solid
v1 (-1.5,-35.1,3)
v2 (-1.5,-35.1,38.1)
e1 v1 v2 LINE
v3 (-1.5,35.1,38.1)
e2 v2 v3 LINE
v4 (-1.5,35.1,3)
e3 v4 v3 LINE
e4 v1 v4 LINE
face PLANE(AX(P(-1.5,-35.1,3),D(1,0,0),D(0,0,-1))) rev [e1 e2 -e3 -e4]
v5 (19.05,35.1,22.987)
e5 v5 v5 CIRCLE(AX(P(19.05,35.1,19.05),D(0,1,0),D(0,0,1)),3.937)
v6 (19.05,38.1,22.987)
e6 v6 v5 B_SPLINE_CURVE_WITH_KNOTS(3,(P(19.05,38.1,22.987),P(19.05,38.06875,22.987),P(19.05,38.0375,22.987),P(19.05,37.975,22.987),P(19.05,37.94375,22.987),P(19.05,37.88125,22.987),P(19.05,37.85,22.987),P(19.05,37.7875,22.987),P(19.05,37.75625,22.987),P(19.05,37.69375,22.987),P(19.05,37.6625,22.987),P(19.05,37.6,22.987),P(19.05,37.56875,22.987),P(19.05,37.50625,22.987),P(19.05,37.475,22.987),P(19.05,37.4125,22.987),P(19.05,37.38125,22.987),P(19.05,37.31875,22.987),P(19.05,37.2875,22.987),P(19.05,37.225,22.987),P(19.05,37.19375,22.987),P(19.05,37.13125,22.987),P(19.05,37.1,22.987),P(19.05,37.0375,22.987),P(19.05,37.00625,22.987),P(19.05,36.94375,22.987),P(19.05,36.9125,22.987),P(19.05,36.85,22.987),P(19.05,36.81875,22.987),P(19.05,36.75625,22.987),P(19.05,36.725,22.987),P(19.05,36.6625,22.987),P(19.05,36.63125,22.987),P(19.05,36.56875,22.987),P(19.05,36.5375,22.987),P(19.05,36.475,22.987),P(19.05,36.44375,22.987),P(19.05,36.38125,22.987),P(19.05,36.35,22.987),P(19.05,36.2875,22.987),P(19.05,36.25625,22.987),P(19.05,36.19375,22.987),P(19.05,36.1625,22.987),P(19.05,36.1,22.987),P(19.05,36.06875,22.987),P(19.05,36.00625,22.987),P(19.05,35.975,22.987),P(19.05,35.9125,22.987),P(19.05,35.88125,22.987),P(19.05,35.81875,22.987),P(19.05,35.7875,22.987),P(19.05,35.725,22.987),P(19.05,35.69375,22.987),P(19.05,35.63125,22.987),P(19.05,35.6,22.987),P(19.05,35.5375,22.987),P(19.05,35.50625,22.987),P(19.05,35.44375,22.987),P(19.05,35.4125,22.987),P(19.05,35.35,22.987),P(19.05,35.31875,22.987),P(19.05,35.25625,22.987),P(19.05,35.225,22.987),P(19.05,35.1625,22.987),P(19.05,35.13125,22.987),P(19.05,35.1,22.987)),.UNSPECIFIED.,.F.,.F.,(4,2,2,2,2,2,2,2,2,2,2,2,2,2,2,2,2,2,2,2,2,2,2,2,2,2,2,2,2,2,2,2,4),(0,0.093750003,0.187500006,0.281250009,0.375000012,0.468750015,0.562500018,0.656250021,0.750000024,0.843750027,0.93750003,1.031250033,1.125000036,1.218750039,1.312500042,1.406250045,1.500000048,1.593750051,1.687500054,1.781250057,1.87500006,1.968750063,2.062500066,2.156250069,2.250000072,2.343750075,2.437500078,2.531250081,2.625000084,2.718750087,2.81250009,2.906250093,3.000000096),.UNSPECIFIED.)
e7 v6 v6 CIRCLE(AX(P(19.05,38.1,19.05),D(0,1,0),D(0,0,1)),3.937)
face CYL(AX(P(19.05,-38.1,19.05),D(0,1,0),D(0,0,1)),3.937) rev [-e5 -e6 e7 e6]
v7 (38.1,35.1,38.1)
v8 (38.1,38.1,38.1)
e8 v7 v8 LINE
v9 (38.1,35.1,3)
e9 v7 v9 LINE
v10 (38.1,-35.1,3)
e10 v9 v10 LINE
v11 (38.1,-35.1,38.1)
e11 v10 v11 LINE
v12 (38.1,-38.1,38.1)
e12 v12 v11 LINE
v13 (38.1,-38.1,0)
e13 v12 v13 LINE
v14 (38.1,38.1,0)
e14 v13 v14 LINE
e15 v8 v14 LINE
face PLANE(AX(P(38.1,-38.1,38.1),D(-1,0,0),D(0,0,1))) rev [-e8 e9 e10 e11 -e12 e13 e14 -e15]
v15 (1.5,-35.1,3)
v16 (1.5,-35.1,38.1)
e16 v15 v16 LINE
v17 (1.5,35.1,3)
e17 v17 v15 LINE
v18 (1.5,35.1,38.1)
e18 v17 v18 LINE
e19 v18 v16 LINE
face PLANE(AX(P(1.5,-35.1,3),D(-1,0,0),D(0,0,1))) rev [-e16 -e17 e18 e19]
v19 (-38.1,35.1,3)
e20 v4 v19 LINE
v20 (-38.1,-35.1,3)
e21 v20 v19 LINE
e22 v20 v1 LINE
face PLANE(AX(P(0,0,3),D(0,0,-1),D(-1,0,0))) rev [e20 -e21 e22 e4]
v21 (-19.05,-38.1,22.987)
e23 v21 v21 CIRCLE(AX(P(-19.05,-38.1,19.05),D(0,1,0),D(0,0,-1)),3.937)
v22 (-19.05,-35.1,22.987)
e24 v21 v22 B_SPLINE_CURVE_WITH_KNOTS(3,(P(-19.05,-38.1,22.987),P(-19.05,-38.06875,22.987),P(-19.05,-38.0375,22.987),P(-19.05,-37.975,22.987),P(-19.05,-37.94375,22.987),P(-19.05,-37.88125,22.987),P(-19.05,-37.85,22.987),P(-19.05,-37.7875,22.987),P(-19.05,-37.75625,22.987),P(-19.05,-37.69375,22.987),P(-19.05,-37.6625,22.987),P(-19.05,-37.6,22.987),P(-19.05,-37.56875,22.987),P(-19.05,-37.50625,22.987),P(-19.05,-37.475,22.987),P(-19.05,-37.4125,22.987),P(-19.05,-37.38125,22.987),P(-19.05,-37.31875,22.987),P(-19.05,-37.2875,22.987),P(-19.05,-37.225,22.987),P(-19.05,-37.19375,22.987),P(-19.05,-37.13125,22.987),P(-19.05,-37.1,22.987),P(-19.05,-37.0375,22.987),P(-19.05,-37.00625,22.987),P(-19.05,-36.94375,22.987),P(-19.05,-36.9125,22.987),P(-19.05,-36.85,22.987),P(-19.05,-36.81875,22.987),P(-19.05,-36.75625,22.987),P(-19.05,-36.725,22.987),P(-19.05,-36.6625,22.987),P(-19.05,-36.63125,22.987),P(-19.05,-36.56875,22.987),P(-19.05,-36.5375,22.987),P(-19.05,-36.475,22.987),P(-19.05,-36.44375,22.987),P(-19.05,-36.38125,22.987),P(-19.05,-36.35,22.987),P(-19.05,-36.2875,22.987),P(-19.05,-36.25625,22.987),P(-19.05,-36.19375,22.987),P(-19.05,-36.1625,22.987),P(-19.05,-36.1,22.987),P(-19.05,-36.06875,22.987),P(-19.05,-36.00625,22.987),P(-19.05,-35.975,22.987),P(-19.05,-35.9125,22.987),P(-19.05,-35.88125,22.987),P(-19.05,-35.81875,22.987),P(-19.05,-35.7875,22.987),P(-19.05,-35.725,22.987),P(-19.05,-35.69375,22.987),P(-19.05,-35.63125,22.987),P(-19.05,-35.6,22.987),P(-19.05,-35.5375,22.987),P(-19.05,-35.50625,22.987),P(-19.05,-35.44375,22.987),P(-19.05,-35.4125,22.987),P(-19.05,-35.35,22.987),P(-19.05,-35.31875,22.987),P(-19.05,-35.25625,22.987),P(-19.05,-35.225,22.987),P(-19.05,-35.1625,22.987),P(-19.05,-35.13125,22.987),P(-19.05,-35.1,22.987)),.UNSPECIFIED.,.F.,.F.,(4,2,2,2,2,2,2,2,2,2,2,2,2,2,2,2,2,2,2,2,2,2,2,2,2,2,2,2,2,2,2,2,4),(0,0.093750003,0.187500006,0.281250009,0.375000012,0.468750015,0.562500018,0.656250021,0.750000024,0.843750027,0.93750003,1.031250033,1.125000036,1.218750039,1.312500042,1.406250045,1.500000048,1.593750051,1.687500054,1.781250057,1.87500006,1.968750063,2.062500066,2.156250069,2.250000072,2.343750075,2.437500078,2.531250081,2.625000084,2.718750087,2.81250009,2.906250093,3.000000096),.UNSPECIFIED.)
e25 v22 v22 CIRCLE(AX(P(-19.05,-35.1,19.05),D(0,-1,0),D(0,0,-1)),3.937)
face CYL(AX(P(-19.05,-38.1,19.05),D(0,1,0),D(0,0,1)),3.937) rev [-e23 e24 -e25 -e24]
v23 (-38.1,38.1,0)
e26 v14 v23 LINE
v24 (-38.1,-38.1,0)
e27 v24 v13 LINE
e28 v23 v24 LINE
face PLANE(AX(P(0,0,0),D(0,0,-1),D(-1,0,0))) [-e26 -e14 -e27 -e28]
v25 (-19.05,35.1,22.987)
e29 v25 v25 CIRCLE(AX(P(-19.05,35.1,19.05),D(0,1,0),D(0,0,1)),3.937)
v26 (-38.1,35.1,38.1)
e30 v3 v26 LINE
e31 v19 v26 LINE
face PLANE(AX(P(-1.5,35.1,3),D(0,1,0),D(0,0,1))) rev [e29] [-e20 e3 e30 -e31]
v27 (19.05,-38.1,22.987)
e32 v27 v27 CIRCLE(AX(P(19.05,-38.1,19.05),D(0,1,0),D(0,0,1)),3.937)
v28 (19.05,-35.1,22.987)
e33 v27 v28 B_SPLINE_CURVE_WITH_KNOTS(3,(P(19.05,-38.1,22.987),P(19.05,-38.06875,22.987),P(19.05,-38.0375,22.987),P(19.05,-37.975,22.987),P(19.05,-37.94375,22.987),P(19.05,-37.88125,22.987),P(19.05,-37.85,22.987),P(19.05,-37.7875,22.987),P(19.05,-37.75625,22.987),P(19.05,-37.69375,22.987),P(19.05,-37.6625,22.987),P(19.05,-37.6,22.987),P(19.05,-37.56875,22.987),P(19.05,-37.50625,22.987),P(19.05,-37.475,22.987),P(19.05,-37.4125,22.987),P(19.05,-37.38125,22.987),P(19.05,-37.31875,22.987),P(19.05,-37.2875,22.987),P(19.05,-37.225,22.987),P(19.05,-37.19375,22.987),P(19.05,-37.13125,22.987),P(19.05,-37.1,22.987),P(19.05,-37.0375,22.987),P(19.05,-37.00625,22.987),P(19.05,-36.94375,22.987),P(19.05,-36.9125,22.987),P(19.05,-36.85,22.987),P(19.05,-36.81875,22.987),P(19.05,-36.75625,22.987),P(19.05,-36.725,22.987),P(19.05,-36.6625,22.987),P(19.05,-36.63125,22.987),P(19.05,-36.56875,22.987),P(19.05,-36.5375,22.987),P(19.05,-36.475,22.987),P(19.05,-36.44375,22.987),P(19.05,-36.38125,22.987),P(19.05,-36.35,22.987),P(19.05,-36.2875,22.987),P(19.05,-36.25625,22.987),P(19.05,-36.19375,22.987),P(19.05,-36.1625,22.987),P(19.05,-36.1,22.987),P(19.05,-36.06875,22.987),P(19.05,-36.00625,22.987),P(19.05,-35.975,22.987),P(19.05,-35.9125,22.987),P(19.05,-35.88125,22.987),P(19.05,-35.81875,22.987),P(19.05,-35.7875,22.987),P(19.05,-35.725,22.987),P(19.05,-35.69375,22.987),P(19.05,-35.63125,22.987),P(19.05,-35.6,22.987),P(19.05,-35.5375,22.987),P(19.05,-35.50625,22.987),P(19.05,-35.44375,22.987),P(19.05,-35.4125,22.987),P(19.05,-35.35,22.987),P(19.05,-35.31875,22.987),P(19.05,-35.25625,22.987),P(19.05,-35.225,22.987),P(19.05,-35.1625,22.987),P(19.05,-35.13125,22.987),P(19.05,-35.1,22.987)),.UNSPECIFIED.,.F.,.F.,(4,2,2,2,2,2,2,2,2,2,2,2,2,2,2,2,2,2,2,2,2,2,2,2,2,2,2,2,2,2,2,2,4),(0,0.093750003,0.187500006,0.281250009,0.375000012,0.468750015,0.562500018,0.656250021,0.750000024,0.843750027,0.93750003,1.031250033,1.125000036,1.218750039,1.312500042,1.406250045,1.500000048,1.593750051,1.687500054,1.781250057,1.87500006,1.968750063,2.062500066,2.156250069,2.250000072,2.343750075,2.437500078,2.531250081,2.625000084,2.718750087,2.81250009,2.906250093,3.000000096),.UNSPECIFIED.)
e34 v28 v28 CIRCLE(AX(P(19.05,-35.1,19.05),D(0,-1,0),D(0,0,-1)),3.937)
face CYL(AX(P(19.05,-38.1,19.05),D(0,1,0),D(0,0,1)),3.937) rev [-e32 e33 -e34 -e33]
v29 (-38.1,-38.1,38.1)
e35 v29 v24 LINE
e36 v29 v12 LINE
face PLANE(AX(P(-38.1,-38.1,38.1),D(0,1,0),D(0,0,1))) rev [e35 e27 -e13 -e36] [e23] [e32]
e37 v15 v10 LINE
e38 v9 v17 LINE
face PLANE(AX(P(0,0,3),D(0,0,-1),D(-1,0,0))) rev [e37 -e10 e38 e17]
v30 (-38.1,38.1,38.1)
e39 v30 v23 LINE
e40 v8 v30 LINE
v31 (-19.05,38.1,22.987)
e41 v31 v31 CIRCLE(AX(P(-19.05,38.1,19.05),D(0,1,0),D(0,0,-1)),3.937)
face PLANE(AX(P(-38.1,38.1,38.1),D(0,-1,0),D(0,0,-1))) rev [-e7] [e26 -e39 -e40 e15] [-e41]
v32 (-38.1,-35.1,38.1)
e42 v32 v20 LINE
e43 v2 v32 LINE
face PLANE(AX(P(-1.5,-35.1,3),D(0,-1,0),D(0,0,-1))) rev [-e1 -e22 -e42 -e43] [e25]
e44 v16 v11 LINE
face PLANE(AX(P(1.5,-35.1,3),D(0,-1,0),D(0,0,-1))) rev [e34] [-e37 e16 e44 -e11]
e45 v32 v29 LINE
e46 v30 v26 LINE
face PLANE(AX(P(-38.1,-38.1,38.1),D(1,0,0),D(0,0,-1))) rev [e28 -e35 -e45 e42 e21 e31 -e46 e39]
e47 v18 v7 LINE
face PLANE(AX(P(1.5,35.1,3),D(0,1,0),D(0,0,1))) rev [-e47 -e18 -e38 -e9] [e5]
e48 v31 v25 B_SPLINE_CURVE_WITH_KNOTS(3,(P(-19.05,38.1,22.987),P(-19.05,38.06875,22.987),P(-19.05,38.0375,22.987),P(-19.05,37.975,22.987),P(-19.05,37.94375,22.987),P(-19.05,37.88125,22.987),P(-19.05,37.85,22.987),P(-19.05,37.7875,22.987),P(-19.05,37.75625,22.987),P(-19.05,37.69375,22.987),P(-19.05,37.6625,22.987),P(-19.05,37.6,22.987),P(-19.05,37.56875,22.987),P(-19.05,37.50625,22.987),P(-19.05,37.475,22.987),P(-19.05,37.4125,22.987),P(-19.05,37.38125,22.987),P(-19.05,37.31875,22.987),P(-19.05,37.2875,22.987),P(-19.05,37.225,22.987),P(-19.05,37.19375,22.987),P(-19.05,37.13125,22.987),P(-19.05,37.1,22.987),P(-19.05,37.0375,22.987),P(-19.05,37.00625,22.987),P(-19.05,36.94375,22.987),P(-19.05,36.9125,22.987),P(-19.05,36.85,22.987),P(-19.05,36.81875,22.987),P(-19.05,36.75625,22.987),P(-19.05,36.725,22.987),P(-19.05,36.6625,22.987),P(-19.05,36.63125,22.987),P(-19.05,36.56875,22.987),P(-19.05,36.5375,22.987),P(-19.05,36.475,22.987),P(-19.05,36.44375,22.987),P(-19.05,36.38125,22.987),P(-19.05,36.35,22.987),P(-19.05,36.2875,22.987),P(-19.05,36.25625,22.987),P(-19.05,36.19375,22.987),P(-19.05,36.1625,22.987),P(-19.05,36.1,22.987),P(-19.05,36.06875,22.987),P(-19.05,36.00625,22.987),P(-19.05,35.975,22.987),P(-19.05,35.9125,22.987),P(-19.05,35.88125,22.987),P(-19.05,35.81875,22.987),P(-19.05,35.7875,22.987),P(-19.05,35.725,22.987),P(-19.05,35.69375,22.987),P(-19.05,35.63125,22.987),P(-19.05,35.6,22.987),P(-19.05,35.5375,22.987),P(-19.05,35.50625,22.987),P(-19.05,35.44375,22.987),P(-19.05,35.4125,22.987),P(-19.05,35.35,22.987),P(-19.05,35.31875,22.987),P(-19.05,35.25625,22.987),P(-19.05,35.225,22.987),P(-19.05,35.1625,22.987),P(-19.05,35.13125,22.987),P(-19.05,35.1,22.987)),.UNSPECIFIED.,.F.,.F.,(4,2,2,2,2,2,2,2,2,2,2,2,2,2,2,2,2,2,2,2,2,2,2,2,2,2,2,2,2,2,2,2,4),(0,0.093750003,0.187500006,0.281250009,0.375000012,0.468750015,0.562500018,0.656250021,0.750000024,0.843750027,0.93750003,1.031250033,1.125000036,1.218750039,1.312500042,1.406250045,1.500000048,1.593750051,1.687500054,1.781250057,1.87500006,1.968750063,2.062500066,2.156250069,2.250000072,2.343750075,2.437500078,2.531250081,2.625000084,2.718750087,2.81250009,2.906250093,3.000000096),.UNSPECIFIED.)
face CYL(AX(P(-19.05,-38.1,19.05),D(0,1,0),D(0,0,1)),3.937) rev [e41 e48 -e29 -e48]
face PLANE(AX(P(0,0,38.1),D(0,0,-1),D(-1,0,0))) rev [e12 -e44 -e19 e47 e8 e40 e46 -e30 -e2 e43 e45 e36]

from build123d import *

# Parameters (mm, degrees)
SKETCH1_W           = 76.2
SKETCH1_H           = 76.2
BOSS_EXTRUDE1_DEPTH = 38.1
SKETCH3_W           = 39.463440316
SKETCH3_H           = 70.199999808
SKETCH3_W_2         = 39.34827811
CUT_EXTRUDE1_DEPTH  = 35.100000006
SKETCH4_R           = 3.937
CUT_EXTRUDE2_DEPTH  = 38.1


with BuildPart() as part:
    # Sketch1 → Boss-Extrude1 (new body)
    with BuildSketch(Plane.XY):
        Rectangle(SKETCH1_W, SKETCH1_H)
    extrude(amount=BOSS_EXTRUDE1_DEPTH)

    # Sketch3 → Cut-Extrude1 (cut)
    with BuildSketch(Plane.XY.offset(38.1)):
        with Locations((21.231720251, 0)):
            Rectangle(SKETCH3_W, SKETCH3_H)
        with Locations((-21.174138956, 0)):
            Rectangle(SKETCH3_W_2, SKETCH3_H)
    extrude(amount=-CUT_EXTRUDE1_DEPTH, mode=Mode.SUBTRACT)

    # Sketch4 → Cut-Extrude2 (cut, symmetric)
    with BuildSketch(Plane(origin=(0, 0, 0), x_dir=(1, 0, 0), z_dir=(0, 1, 0))):
        with Locations(Location((19.05, -19.05, 0), (0, 0, 270))):
            Circle(SKETCH4_R)
        with Locations(Location((-19.05, -19.05, 0), (0, 0, 270))):
            Circle(SKETCH4_R)
    extrude(amount=CUT_EXTRUDE2_DEPTH, both=True, mode=Mode.SUBTRACT)


solid = part.part
